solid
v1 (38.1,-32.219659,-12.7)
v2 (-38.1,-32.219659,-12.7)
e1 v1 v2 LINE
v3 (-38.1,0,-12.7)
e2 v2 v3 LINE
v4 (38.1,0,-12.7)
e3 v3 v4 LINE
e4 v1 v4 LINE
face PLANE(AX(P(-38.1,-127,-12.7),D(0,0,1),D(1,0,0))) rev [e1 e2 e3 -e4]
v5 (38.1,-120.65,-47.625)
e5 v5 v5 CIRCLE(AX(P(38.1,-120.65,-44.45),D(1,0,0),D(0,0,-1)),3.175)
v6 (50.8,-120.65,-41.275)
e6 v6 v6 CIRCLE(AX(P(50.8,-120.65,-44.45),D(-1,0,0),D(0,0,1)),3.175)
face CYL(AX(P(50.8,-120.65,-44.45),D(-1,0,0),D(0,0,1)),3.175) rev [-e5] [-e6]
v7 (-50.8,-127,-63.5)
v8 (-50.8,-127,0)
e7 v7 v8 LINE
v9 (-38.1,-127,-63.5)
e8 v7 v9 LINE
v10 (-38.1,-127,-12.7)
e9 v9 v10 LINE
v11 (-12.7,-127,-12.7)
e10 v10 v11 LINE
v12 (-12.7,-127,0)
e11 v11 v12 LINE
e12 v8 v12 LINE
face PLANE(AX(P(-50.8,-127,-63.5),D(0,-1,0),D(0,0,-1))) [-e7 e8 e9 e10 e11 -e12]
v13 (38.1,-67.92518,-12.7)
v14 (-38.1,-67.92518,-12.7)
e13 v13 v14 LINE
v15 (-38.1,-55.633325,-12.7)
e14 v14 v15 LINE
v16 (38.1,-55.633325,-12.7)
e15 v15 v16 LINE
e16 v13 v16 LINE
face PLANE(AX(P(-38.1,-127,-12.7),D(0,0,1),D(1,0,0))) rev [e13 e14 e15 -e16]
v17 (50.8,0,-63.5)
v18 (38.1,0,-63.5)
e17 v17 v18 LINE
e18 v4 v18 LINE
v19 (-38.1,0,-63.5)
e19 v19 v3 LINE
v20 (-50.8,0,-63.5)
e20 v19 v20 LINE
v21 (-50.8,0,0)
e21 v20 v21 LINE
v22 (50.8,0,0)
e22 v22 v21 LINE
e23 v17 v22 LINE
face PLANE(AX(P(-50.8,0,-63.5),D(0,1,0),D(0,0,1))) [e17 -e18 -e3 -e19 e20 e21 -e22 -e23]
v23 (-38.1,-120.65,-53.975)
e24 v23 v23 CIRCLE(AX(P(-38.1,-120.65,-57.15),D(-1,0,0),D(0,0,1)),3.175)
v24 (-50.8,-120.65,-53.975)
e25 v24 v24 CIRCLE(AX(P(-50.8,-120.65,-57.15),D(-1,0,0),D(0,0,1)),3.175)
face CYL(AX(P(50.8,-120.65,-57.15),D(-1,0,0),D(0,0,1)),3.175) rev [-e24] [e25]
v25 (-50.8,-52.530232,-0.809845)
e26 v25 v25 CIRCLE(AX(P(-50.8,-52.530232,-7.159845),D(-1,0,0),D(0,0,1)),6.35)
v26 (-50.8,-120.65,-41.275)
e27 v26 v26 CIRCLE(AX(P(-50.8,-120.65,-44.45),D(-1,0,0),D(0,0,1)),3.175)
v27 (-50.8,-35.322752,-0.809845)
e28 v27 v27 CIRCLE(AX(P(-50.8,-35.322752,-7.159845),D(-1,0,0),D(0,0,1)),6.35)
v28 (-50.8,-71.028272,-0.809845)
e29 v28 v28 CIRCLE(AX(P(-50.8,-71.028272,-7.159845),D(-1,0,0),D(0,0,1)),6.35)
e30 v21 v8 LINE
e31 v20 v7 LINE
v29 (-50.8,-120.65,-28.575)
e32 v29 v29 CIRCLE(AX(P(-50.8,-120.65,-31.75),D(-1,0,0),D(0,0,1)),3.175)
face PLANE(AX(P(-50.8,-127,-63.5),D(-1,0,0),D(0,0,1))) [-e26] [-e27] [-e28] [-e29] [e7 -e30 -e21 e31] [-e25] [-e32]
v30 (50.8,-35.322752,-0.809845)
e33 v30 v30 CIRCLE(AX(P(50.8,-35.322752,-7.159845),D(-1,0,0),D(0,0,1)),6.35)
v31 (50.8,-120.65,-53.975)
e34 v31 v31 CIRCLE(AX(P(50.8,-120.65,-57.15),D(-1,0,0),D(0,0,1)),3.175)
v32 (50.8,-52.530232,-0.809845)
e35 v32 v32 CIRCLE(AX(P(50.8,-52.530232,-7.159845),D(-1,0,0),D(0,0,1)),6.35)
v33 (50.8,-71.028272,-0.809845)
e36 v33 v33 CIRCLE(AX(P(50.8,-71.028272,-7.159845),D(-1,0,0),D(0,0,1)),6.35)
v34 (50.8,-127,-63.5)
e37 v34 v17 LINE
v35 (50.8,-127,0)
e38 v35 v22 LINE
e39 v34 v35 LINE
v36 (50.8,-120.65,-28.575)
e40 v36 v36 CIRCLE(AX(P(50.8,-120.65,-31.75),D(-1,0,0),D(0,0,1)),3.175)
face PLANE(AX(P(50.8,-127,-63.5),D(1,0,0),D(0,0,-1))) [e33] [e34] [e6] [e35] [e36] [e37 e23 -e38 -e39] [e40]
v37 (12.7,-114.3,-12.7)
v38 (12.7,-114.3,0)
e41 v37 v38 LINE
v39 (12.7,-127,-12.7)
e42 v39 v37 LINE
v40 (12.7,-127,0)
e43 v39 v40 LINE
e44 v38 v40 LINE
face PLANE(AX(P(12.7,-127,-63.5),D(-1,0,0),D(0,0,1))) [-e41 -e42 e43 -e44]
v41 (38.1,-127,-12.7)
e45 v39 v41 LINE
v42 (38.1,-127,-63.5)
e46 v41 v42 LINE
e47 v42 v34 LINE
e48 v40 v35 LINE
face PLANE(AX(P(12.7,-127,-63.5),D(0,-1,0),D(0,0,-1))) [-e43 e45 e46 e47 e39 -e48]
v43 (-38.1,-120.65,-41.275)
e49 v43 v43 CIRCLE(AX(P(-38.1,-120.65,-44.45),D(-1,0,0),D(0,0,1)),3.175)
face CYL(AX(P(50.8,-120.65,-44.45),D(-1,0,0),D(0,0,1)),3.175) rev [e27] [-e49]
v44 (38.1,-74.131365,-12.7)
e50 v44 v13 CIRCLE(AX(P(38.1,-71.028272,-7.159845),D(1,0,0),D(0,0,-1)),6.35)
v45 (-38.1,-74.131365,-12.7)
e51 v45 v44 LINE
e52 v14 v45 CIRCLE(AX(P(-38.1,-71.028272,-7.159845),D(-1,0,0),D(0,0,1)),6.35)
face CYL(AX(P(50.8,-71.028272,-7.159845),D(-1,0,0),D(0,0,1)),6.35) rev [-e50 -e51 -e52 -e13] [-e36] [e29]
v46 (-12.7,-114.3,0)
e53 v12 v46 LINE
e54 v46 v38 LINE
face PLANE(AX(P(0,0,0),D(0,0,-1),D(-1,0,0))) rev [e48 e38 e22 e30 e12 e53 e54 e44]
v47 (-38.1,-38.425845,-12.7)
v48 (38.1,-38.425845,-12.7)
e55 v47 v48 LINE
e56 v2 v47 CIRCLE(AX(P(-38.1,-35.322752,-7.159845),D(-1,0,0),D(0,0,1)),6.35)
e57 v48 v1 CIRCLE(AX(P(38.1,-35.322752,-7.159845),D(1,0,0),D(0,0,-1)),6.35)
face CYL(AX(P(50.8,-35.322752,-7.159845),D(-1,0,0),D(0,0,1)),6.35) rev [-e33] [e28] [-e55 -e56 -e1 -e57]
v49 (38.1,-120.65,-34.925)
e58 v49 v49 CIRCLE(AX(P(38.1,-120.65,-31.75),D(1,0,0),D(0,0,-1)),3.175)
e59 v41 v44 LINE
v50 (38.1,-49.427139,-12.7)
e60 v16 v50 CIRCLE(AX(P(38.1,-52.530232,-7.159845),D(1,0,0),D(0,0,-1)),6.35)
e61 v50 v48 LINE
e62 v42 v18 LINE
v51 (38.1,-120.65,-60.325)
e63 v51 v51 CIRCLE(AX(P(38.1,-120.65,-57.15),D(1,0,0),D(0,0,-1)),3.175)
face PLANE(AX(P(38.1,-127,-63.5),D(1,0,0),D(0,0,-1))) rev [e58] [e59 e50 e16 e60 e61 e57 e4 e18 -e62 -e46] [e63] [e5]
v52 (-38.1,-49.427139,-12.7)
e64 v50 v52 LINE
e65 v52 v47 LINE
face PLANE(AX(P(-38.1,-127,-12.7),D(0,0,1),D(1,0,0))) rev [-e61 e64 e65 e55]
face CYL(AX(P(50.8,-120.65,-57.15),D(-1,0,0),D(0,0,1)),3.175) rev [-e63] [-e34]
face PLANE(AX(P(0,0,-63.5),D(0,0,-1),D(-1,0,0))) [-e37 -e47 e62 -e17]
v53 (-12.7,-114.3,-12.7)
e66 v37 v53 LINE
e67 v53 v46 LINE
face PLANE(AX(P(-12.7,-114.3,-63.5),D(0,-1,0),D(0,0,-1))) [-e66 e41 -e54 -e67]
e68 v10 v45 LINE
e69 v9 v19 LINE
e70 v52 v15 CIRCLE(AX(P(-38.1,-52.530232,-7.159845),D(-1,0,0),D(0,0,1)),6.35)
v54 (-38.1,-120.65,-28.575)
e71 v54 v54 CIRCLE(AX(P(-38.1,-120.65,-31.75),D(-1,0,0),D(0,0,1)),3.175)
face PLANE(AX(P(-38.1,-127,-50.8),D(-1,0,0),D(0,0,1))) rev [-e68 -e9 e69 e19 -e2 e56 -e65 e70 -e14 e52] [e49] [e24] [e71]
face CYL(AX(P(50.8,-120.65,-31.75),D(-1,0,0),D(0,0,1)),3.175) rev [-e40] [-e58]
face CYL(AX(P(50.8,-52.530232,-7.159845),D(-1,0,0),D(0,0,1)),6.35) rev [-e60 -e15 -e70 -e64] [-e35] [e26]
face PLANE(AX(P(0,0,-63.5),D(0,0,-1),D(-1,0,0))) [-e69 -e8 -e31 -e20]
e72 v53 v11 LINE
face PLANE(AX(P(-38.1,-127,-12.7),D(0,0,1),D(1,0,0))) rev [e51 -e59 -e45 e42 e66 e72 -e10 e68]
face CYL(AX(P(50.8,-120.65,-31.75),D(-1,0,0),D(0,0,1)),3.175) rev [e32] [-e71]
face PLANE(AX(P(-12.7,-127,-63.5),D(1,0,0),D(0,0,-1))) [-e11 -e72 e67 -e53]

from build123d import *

# Parameters (mm, degrees)
BOSS_EXTRUDE1_DEPTH = 63.5
CUT_EXTRUDE1_DEPTH  = 151.804144505
SKETCH3_R           = 6.35
CUT_EXTRUDE2_DEPTH  = 175.596133978
SKETCH4_R           = 3.175
CUT_EXTRUDE3_DEPTH  = 175.596133978


with BuildPart() as part:
    # Sketch1 → Boss-Extrude1 (new body)
    with BuildSketch(Plane.XY):
        Polygon((12.7, -127), (50.8, -127), (50.8, 0), (-50.8, 0), (-50.8, -127), (-12.7, -127), (-12.7, -114.3), (12.7, -114.3), align=None)
    extrude(amount=-BOSS_EXTRUDE1_DEPTH)

    # Sketch2 → Cut-Extrude1 (cut, through all)
    with BuildSketch(Plane(origin=(0, 0, 0), x_dir=(1, 0, 0), z_dir=(0, 1, 0))):
        Polygon((-38.1, 50.8), (-38.1, 63.5), (38.1, 63.5), (38.1, 50.8), (38.1, 12.7), (-38.1, 12.7), align=None)
    extrude(amount=-CUT_EXTRUDE1_DEPTH, mode=Mode.SUBTRACT)

    # Sketch3 → Cut-Extrude2 (cut, through all)
    with BuildSketch(Plane.ZY.offset(50.8)):
        with Locations((-7.159845265, -35.322751873)):
            Circle(SKETCH3_R)
        with Locations((-7.159845265, -52.530231645)):
            Circle(SKETCH3_R)
        with Locations((-7.159845265, -71.0282724)):
            Circle(SKETCH3_R)
    extrude(amount=-CUT_EXTRUDE2_DEPTH, mode=Mode.SUBTRACT)

    # Sketch4 → Cut-Extrude3 (cut, through all)
    with BuildSketch(Plane.ZY.offset(50.8)):
        with Locations((-57.15, -120.65)):
            Circle(SKETCH4_R)
        with Locations((-44.45, -120.65)):
            Circle(SKETCH4_R)
        with Locations((-31.75, -120.65)):
            Circle(SKETCH4_R)
    extrude(amount=-CUT_EXTRUDE3_DEPTH, mode=Mode.SUBTRACT)


solid = part.part
